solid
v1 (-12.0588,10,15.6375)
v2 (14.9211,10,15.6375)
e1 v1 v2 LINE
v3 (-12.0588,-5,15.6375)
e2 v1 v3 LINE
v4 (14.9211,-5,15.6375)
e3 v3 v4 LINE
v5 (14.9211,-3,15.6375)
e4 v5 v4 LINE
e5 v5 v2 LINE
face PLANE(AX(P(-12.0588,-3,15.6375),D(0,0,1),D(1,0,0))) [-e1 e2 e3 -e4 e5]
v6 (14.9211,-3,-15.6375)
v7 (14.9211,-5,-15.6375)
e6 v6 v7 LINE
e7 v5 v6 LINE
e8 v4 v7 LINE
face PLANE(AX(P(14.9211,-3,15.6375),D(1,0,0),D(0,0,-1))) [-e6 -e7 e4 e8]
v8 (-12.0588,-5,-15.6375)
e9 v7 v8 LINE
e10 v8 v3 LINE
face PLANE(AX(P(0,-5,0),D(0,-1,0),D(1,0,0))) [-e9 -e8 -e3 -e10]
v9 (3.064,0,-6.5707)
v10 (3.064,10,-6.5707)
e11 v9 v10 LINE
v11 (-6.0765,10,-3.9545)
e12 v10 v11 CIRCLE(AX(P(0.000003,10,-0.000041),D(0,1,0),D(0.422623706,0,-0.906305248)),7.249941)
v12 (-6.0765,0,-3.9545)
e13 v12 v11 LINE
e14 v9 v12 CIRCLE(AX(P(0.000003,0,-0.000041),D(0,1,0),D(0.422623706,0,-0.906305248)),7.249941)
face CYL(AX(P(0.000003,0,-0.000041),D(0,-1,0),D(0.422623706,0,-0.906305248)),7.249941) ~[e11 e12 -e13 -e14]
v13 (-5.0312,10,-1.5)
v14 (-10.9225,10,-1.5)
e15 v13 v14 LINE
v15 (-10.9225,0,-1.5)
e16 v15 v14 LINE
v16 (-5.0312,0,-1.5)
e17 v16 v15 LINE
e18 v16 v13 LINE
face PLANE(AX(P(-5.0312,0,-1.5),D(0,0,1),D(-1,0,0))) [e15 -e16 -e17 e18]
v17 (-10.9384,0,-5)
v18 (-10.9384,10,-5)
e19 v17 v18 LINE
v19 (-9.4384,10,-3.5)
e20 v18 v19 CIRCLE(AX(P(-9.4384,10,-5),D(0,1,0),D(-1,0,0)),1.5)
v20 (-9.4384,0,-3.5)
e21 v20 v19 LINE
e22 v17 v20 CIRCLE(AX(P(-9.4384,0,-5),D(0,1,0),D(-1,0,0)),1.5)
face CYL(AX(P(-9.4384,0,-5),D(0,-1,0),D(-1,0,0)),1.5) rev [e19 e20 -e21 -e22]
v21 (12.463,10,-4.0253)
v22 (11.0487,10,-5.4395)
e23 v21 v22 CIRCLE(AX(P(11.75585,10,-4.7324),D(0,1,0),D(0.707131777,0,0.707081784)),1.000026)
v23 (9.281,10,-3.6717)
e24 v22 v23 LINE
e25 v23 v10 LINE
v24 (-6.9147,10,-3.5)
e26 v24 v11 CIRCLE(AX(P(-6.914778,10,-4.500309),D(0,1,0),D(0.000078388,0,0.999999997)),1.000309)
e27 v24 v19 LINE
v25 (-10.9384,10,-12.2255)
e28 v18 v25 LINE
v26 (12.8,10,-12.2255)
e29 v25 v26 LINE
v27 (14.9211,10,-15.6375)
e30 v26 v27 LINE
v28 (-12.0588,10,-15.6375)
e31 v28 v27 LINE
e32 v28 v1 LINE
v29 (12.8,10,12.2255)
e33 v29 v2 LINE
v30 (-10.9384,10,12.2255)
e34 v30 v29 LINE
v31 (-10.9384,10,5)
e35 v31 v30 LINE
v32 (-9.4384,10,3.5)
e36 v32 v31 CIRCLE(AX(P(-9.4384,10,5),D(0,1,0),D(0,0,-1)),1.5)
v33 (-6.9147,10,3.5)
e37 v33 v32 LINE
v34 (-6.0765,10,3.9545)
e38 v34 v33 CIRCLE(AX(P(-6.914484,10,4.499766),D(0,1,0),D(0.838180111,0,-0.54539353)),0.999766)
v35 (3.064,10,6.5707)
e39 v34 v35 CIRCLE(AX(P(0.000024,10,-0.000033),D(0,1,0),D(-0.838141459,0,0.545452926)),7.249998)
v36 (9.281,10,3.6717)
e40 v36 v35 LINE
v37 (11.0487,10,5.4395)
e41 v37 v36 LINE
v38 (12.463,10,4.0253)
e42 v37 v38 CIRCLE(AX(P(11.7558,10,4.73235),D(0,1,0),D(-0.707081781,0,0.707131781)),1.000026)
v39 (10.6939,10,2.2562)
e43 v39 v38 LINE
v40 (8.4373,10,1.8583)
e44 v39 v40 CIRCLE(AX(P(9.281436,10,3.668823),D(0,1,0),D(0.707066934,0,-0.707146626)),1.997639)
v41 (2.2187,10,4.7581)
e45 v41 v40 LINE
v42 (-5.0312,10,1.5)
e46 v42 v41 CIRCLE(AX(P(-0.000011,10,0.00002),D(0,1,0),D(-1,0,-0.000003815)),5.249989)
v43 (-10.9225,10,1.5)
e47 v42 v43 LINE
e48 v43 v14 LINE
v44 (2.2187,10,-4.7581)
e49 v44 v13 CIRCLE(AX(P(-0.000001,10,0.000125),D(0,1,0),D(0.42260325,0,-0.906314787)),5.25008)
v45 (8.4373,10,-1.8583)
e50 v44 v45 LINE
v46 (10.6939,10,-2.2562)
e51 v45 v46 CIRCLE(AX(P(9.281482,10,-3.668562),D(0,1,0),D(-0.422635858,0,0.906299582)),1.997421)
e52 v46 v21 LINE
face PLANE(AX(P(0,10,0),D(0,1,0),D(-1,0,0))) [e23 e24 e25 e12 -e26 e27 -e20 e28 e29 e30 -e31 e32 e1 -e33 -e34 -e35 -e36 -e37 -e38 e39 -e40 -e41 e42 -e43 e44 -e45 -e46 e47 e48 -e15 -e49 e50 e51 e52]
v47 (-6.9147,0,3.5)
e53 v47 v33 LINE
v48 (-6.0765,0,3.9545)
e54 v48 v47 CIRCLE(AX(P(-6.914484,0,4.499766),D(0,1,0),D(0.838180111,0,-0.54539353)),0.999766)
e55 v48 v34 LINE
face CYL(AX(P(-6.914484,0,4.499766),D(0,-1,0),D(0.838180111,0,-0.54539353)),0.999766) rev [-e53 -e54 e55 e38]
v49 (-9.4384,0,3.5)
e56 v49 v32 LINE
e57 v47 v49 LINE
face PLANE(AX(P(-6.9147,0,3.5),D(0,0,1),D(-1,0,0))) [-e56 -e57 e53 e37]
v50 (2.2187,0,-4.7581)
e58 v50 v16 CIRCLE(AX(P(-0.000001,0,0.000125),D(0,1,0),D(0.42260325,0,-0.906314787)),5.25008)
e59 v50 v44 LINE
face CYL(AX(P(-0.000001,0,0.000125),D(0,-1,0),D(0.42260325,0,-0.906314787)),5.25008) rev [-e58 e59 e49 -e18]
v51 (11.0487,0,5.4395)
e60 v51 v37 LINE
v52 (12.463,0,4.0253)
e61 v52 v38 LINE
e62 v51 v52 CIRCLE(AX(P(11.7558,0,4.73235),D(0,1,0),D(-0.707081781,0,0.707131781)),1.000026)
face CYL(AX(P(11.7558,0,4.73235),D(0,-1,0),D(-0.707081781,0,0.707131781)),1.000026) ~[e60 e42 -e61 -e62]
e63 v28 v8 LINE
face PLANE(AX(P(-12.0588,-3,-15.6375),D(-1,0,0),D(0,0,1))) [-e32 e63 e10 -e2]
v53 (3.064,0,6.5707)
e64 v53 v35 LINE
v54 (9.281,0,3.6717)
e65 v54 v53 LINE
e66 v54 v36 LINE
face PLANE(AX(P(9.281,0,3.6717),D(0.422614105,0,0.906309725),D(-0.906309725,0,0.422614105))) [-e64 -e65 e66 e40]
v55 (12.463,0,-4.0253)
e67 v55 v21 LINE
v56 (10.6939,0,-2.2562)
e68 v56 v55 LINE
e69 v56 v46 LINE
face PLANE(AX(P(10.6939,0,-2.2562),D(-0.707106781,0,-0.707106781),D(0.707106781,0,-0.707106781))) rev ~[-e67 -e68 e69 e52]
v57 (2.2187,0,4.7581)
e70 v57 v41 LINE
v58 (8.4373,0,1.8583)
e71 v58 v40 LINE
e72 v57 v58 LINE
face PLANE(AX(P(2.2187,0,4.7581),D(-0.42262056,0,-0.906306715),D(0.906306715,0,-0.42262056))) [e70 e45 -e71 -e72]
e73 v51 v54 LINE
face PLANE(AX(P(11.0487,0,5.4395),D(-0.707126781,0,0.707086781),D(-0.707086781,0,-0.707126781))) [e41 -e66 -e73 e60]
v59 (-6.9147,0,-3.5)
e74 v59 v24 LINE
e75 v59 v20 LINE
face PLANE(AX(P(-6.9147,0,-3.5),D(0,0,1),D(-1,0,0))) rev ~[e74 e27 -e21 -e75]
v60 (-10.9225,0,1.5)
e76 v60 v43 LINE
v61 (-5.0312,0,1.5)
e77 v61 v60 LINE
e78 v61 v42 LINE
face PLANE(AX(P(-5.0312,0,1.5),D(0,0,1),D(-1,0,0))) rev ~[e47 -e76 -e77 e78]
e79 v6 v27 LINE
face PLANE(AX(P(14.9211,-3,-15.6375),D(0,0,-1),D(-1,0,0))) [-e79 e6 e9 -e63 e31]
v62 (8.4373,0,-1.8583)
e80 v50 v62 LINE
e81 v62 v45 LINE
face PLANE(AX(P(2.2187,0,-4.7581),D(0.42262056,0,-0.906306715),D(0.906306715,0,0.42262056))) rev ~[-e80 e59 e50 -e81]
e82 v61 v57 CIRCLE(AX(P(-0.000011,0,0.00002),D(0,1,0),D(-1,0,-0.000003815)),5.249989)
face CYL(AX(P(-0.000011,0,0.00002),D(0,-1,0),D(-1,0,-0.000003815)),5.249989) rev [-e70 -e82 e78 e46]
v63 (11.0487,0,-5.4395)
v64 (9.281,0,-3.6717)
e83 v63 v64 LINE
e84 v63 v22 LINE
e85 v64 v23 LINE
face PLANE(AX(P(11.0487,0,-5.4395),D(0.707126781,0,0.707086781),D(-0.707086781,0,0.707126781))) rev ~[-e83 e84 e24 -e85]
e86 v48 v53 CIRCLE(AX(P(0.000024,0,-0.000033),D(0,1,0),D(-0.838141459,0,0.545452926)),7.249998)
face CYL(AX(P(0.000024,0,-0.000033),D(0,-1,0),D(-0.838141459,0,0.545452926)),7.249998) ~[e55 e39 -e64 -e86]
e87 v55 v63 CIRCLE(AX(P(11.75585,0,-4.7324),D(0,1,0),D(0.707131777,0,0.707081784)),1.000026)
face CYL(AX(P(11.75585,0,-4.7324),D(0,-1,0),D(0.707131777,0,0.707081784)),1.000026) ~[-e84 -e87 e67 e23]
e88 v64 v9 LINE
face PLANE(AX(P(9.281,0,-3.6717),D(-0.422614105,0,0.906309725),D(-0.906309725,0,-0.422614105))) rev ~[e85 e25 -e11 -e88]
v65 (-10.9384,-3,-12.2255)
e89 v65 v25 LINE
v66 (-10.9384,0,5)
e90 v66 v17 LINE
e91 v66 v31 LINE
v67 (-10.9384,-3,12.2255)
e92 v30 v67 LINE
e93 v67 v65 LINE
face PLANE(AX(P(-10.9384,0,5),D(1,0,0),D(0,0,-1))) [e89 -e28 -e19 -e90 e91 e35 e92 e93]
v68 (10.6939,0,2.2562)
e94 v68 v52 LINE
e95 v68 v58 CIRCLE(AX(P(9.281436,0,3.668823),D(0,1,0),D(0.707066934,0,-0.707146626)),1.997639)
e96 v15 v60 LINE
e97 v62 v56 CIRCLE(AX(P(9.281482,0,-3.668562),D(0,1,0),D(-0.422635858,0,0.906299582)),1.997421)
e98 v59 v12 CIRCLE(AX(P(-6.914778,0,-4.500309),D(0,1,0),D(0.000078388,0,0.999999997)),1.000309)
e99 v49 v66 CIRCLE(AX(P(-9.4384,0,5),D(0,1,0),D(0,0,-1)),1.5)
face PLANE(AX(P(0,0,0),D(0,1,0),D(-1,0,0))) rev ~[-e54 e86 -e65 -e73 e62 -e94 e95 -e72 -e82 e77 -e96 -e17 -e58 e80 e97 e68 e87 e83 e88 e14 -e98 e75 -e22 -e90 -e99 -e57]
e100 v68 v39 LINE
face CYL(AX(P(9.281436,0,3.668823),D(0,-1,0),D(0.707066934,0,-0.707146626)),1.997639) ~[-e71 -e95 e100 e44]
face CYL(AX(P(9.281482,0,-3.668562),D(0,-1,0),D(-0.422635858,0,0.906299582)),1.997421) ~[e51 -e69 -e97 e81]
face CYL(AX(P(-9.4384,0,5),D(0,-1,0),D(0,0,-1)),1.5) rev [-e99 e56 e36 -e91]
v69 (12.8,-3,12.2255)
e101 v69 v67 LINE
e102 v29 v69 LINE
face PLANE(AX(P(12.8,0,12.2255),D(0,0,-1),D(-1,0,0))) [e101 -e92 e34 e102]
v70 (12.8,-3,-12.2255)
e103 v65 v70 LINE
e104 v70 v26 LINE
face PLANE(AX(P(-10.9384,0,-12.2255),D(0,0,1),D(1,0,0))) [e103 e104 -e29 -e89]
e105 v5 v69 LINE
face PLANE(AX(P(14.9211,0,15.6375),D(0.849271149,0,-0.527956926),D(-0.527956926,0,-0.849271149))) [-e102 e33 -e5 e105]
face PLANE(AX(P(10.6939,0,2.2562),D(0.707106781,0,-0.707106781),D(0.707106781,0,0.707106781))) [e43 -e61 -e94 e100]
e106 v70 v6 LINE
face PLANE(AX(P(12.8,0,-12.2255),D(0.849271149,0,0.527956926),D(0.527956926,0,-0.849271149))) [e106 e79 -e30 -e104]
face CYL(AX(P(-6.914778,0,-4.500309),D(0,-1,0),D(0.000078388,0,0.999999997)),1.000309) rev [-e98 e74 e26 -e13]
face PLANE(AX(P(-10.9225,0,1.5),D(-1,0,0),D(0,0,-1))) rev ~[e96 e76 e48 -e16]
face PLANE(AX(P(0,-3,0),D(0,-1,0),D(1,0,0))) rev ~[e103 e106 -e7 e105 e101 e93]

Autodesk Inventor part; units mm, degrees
ref_plane "YZ Plane" through (0, 0, 0) normal (1, 0, 0) x (0, 1, 0)
ref_plane "XZ Plane" through (0, 0, 0) normal (0, 1, 0) x (-1, 0, 0)
ref_plane "XY Plane" through (0, 0, 0) normal (0, 0, 1) x (1, 0, 0)
sketch "Sketch1" plane through (0, 0, 0) normal (0, 1, 0) x (-1, 0, 0)
  circle A0 centre (0, 0) radius 5
  arc A1 (5.25, 0) -> (-2.2187, -4.7581) centre (0, 0) ccw
  line L0 (-2.2187, -4.7581) -> (-8.4373, -1.8583)
  arc A2 (-8.4373, -1.8583) -> (-10.6939, -2.2562) centre (-9.2815, -3.6687) ccw
  line L1 (-10.6939, -2.2562) -> (-12.463, -4.0253)
  arc A3 (-12.463, -4.0253) -> (-11.0487, -5.4395) centre (-11.7558, -4.7324) ccw
  line L2 (-11.0487, -5.4395) -> (-9.281, -3.6717)
  line L3 (-9.281, -3.6717) -> (-3.064, -6.5707)
  arc A4 (-3.064, -6.5707) -> (6.0765, -3.9545) centre (0, 0) ccw
  line L4 (6.9147, -3.5) -> (9.4384, -3.5)
  line L5 (5.0312, -1.5) -> (10.9225, -1.5)
  line L6 (10.9384, -5) -> (10.9384, -12.2255)
  line L7 (10.9384, -12.2255) -> (-12.8, -12.2255)
  line L8 (10.9225, -1.5) -> (10.9225, 0)
  line L9 (12.0588, 0) -> (12.0588, -15.6375)
  line L10 (12.0588, -15.6375) -> (-14.9211, -15.6375)
  line L11 (0, 0) -> (7.7398, 0) construction
  line L12 (-12.8, -12.2255) -> (-14.9211, -15.6375)
  line L13 (10.9225, 0) -> (12.0588, 0)
  arc A5 (5.0312, -1.5) -> (5.25, 0) centre (0, 0) ccw
  arc A6 (-2.2187, -4.7581) -> (5.0312, -1.5) centre (0, 0) ccw
  arc A7 (10.9384, -5) -> (9.4384, -3.5) centre (9.4384, -5) ccw
  arc A8 (6.9147, -3.5) -> (6.0765, -3.9545) centre (6.9147, -4.5) ccw
  line L14 (-2.2187, 4.7581) -> (-8.4373, 1.8583)
  arc A9 (-10.6939, 2.2562) -> (-8.4373, 1.8583) centre (-9.2815, 3.6687) ccw
  line L15 (-10.6939, 2.2562) -> (-12.463, 4.0253)
  arc A10 (-11.0487, 5.4395) -> (-12.463, 4.0253) centre (-11.7558, 4.7324) ccw
  line L16 (-11.0487, 5.4395) -> (-9.281, 3.6717)
  line L17 (-9.281, 3.6717) -> (-3.064, 6.5707)
  arc A11 (6.0765, 3.9545) -> (-3.064, 6.5707) centre (0, 0) ccw
  line L18 (6.9147, 3.5) -> (9.4384, 3.5)
  line L19 (5.0312, 1.5) -> (10.9225, 1.5)
  line L20 (10.9384, 5) -> (10.9384, 12.2255)
  line L21 (10.9384, 12.2255) -> (-12.8, 12.2255)
  line L22 (10.9225, 1.5) -> (10.9225, 0)
  line L23 (12.0588, 0) -> (12.0588, 15.6375)
  line L24 (12.0588, 15.6375) -> (-14.9211, 15.6375)
  line L25 (-12.8, 12.2255) -> (-14.9211, 15.6375)
  arc A12 (5.0312, 1.5) -> (-2.2187, 4.7581) centre (0, 0) ccw
  arc A13 (9.4384, 3.5) -> (10.9384, 5) centre (9.4384, 5) ccw
  arc A14 (6.0765, 3.9545) -> (6.9147, 3.5) centre (6.9147, 4.5) ccw
  point P0 (6.3492, -3.5)
  point P1 (10.9384, -3.5)
  point P2 (6.3492, 3.5)
  point P3 (10.9384, 3.5)
  dimension "d0" = 10
  dimension "d1" = 10.5
  dimension "d2" = 2
  dimension "d3" = 2
  dimension "d4" = 2
  dimension "d5" = 25
  dimension "d6" = 1.5
  dimension "d7" = 110
  dimension "d8" = 2.5
  dimension "d11" = 1.5
  dimension "d12" = 1
extrude "Extrusion1" add sketch "Sketch1" along normal blind 10 contours A1 L14 A9 L15 A10 L16 L17 A11 A14 L18 A13 L20 L21 L25 L24 L23 L13 L22 L19 | L5 L8 L13 L9 L10 L12 L7 L6 A7 L4 A8 A4 L3 L2 A3 L1 A2 L0 A6
sketch "Sketch2" plane through (0, 0, 0) normal (0, -1, 0) x (1, 0, 0)
  line L0 (-10.9225, 1.5) -> (-10.9225, -1.5) projected
  line L1 (-5.0312, 1.5) -> (-10.9225, 1.5) projected
  arc A0 (2.2187, 4.7581) -> (-5.0312, 1.5) centre (0, 0) ccw projected
  line L2 (8.4373, 1.8583) -> (2.2187, 4.7581) projected
  arc A1 (8.4373, 1.8583) -> (10.6939, 2.2562) centre (9.2815, 3.6687) ccw projected
  line L3 (12.463, 4.0253) -> (10.6939, 2.2562) projected
  arc A2 (12.463, 4.0253) -> (11.0487, 5.4395) centre (11.7558, 4.7324) ccw projected
  line L4 (9.281, 3.6717) -> (11.0487, 5.4395) projected
  line L5 (3.064, 6.5707) -> (9.281, 3.6717) projected
  arc A3 (3.064, 6.5707) -> (-6.0765, 3.9545) centre (0, 0) ccw projected
  arc A4 (-6.9147, 3.5) -> (-6.0765, 3.9545) centre (-6.9147, 4.5) ccw projected
  line L6 (-9.4384, 3.5) -> (-6.9147, 3.5) projected
  arc A5 (-10.9384, 5) -> (-9.4384, 3.5) centre (-9.4384, 5) ccw projected
  line L7 (-10.9384, 12.2255) -> (-10.9384, 5) projected
  line L8 (12.8, 12.2255) -> (-10.9384, 12.2255) projected
  line L9 (14.9211, 15.6375) -> (12.8, 12.2255) projected
  line L10 (-12.0588, 15.6375) -> (14.9211, 15.6375) projected
  line L11 (-12.0588, -15.6375) -> (-12.0588, 15.6375) projected
  line L12 (14.9211, -15.6375) -> (-12.0588, -15.6375) projected
  line L13 (12.8, -12.2255) -> (14.9211, -15.6375) projected
  line L14 (-10.9384, -12.2255) -> (12.8, -12.2255) projected
  line L15 (-10.9384, -5) -> (-10.9384, -12.2255) projected
  arc A6 (-9.4384, -3.5) -> (-10.9384, -5) centre (-9.4384, -5) ccw projected
  line L16 (-6.9147, -3.5) -> (-9.4384, -3.5) projected
  arc A7 (-6.0765, -3.9545) -> (-6.9147, -3.5) centre (-6.9147, -4.5) ccw projected
  arc A8 (-6.0765, -3.9545) -> (3.064, -6.5707) centre (0, 0) ccw projected
  line L17 (9.281, -3.6717) -> (3.064, -6.5707) projected
  line L18 (11.0487, -5.4395) -> (9.281, -3.6717) projected
  arc A9 (11.0487, -5.4395) -> (12.463, -4.0253) centre (11.7558, -4.7324) ccw projected
  line L19 (10.6939, -2.2562) -> (12.463, -4.0253) projected
  arc A10 (10.6939, -2.2562) -> (8.4373, -1.8583) centre (9.2815, -3.6687) ccw projected
  line L20 (2.2187, -4.7581) -> (8.4373, -1.8583) projected
  arc A11 (-5.0312, -1.5) -> (2.2187, -4.7581) centre (0, 0) ccw projected
  line L21 (-10.9225, -1.5) -> (-5.0312, -1.5) projected
  arc A12 (-9.4384, -3.5) -> (-10.9384, -5) centre (-9.4384, -5) ccw projected
  line L22 (-10.9384, 5) -> (-10.9384, -5)
extrude "Extrusion2" add sketch "Sketch2" along normal blind 3 contours L22 L15 L14 L13 L12 L11 L10 L9 L8 L7
sketch "Sketch3" plane through (0, -3, 0) normal (0, -1, 0) x (1, 0, 0)
  line L0 (14.9211, -15.6375) -> (12.8, -12.2255) projected
  line L1 (-12.0588, 15.6375) -> (14.9211, 15.6375)
  line L2 (14.9211, 15.6375) -> (14.9211, -15.6375)
  line L3 (14.9211, -15.6375) -> (-12.0588, -15.6375)
  line L4 (-12.0588, -15.6375) -> (-12.0588, 15.6375)
  point P0 (0, 0)
extrude "Extrusion3" add sketch "Sketch3" along normal blind 2
properties part number "shaft holder clip"
